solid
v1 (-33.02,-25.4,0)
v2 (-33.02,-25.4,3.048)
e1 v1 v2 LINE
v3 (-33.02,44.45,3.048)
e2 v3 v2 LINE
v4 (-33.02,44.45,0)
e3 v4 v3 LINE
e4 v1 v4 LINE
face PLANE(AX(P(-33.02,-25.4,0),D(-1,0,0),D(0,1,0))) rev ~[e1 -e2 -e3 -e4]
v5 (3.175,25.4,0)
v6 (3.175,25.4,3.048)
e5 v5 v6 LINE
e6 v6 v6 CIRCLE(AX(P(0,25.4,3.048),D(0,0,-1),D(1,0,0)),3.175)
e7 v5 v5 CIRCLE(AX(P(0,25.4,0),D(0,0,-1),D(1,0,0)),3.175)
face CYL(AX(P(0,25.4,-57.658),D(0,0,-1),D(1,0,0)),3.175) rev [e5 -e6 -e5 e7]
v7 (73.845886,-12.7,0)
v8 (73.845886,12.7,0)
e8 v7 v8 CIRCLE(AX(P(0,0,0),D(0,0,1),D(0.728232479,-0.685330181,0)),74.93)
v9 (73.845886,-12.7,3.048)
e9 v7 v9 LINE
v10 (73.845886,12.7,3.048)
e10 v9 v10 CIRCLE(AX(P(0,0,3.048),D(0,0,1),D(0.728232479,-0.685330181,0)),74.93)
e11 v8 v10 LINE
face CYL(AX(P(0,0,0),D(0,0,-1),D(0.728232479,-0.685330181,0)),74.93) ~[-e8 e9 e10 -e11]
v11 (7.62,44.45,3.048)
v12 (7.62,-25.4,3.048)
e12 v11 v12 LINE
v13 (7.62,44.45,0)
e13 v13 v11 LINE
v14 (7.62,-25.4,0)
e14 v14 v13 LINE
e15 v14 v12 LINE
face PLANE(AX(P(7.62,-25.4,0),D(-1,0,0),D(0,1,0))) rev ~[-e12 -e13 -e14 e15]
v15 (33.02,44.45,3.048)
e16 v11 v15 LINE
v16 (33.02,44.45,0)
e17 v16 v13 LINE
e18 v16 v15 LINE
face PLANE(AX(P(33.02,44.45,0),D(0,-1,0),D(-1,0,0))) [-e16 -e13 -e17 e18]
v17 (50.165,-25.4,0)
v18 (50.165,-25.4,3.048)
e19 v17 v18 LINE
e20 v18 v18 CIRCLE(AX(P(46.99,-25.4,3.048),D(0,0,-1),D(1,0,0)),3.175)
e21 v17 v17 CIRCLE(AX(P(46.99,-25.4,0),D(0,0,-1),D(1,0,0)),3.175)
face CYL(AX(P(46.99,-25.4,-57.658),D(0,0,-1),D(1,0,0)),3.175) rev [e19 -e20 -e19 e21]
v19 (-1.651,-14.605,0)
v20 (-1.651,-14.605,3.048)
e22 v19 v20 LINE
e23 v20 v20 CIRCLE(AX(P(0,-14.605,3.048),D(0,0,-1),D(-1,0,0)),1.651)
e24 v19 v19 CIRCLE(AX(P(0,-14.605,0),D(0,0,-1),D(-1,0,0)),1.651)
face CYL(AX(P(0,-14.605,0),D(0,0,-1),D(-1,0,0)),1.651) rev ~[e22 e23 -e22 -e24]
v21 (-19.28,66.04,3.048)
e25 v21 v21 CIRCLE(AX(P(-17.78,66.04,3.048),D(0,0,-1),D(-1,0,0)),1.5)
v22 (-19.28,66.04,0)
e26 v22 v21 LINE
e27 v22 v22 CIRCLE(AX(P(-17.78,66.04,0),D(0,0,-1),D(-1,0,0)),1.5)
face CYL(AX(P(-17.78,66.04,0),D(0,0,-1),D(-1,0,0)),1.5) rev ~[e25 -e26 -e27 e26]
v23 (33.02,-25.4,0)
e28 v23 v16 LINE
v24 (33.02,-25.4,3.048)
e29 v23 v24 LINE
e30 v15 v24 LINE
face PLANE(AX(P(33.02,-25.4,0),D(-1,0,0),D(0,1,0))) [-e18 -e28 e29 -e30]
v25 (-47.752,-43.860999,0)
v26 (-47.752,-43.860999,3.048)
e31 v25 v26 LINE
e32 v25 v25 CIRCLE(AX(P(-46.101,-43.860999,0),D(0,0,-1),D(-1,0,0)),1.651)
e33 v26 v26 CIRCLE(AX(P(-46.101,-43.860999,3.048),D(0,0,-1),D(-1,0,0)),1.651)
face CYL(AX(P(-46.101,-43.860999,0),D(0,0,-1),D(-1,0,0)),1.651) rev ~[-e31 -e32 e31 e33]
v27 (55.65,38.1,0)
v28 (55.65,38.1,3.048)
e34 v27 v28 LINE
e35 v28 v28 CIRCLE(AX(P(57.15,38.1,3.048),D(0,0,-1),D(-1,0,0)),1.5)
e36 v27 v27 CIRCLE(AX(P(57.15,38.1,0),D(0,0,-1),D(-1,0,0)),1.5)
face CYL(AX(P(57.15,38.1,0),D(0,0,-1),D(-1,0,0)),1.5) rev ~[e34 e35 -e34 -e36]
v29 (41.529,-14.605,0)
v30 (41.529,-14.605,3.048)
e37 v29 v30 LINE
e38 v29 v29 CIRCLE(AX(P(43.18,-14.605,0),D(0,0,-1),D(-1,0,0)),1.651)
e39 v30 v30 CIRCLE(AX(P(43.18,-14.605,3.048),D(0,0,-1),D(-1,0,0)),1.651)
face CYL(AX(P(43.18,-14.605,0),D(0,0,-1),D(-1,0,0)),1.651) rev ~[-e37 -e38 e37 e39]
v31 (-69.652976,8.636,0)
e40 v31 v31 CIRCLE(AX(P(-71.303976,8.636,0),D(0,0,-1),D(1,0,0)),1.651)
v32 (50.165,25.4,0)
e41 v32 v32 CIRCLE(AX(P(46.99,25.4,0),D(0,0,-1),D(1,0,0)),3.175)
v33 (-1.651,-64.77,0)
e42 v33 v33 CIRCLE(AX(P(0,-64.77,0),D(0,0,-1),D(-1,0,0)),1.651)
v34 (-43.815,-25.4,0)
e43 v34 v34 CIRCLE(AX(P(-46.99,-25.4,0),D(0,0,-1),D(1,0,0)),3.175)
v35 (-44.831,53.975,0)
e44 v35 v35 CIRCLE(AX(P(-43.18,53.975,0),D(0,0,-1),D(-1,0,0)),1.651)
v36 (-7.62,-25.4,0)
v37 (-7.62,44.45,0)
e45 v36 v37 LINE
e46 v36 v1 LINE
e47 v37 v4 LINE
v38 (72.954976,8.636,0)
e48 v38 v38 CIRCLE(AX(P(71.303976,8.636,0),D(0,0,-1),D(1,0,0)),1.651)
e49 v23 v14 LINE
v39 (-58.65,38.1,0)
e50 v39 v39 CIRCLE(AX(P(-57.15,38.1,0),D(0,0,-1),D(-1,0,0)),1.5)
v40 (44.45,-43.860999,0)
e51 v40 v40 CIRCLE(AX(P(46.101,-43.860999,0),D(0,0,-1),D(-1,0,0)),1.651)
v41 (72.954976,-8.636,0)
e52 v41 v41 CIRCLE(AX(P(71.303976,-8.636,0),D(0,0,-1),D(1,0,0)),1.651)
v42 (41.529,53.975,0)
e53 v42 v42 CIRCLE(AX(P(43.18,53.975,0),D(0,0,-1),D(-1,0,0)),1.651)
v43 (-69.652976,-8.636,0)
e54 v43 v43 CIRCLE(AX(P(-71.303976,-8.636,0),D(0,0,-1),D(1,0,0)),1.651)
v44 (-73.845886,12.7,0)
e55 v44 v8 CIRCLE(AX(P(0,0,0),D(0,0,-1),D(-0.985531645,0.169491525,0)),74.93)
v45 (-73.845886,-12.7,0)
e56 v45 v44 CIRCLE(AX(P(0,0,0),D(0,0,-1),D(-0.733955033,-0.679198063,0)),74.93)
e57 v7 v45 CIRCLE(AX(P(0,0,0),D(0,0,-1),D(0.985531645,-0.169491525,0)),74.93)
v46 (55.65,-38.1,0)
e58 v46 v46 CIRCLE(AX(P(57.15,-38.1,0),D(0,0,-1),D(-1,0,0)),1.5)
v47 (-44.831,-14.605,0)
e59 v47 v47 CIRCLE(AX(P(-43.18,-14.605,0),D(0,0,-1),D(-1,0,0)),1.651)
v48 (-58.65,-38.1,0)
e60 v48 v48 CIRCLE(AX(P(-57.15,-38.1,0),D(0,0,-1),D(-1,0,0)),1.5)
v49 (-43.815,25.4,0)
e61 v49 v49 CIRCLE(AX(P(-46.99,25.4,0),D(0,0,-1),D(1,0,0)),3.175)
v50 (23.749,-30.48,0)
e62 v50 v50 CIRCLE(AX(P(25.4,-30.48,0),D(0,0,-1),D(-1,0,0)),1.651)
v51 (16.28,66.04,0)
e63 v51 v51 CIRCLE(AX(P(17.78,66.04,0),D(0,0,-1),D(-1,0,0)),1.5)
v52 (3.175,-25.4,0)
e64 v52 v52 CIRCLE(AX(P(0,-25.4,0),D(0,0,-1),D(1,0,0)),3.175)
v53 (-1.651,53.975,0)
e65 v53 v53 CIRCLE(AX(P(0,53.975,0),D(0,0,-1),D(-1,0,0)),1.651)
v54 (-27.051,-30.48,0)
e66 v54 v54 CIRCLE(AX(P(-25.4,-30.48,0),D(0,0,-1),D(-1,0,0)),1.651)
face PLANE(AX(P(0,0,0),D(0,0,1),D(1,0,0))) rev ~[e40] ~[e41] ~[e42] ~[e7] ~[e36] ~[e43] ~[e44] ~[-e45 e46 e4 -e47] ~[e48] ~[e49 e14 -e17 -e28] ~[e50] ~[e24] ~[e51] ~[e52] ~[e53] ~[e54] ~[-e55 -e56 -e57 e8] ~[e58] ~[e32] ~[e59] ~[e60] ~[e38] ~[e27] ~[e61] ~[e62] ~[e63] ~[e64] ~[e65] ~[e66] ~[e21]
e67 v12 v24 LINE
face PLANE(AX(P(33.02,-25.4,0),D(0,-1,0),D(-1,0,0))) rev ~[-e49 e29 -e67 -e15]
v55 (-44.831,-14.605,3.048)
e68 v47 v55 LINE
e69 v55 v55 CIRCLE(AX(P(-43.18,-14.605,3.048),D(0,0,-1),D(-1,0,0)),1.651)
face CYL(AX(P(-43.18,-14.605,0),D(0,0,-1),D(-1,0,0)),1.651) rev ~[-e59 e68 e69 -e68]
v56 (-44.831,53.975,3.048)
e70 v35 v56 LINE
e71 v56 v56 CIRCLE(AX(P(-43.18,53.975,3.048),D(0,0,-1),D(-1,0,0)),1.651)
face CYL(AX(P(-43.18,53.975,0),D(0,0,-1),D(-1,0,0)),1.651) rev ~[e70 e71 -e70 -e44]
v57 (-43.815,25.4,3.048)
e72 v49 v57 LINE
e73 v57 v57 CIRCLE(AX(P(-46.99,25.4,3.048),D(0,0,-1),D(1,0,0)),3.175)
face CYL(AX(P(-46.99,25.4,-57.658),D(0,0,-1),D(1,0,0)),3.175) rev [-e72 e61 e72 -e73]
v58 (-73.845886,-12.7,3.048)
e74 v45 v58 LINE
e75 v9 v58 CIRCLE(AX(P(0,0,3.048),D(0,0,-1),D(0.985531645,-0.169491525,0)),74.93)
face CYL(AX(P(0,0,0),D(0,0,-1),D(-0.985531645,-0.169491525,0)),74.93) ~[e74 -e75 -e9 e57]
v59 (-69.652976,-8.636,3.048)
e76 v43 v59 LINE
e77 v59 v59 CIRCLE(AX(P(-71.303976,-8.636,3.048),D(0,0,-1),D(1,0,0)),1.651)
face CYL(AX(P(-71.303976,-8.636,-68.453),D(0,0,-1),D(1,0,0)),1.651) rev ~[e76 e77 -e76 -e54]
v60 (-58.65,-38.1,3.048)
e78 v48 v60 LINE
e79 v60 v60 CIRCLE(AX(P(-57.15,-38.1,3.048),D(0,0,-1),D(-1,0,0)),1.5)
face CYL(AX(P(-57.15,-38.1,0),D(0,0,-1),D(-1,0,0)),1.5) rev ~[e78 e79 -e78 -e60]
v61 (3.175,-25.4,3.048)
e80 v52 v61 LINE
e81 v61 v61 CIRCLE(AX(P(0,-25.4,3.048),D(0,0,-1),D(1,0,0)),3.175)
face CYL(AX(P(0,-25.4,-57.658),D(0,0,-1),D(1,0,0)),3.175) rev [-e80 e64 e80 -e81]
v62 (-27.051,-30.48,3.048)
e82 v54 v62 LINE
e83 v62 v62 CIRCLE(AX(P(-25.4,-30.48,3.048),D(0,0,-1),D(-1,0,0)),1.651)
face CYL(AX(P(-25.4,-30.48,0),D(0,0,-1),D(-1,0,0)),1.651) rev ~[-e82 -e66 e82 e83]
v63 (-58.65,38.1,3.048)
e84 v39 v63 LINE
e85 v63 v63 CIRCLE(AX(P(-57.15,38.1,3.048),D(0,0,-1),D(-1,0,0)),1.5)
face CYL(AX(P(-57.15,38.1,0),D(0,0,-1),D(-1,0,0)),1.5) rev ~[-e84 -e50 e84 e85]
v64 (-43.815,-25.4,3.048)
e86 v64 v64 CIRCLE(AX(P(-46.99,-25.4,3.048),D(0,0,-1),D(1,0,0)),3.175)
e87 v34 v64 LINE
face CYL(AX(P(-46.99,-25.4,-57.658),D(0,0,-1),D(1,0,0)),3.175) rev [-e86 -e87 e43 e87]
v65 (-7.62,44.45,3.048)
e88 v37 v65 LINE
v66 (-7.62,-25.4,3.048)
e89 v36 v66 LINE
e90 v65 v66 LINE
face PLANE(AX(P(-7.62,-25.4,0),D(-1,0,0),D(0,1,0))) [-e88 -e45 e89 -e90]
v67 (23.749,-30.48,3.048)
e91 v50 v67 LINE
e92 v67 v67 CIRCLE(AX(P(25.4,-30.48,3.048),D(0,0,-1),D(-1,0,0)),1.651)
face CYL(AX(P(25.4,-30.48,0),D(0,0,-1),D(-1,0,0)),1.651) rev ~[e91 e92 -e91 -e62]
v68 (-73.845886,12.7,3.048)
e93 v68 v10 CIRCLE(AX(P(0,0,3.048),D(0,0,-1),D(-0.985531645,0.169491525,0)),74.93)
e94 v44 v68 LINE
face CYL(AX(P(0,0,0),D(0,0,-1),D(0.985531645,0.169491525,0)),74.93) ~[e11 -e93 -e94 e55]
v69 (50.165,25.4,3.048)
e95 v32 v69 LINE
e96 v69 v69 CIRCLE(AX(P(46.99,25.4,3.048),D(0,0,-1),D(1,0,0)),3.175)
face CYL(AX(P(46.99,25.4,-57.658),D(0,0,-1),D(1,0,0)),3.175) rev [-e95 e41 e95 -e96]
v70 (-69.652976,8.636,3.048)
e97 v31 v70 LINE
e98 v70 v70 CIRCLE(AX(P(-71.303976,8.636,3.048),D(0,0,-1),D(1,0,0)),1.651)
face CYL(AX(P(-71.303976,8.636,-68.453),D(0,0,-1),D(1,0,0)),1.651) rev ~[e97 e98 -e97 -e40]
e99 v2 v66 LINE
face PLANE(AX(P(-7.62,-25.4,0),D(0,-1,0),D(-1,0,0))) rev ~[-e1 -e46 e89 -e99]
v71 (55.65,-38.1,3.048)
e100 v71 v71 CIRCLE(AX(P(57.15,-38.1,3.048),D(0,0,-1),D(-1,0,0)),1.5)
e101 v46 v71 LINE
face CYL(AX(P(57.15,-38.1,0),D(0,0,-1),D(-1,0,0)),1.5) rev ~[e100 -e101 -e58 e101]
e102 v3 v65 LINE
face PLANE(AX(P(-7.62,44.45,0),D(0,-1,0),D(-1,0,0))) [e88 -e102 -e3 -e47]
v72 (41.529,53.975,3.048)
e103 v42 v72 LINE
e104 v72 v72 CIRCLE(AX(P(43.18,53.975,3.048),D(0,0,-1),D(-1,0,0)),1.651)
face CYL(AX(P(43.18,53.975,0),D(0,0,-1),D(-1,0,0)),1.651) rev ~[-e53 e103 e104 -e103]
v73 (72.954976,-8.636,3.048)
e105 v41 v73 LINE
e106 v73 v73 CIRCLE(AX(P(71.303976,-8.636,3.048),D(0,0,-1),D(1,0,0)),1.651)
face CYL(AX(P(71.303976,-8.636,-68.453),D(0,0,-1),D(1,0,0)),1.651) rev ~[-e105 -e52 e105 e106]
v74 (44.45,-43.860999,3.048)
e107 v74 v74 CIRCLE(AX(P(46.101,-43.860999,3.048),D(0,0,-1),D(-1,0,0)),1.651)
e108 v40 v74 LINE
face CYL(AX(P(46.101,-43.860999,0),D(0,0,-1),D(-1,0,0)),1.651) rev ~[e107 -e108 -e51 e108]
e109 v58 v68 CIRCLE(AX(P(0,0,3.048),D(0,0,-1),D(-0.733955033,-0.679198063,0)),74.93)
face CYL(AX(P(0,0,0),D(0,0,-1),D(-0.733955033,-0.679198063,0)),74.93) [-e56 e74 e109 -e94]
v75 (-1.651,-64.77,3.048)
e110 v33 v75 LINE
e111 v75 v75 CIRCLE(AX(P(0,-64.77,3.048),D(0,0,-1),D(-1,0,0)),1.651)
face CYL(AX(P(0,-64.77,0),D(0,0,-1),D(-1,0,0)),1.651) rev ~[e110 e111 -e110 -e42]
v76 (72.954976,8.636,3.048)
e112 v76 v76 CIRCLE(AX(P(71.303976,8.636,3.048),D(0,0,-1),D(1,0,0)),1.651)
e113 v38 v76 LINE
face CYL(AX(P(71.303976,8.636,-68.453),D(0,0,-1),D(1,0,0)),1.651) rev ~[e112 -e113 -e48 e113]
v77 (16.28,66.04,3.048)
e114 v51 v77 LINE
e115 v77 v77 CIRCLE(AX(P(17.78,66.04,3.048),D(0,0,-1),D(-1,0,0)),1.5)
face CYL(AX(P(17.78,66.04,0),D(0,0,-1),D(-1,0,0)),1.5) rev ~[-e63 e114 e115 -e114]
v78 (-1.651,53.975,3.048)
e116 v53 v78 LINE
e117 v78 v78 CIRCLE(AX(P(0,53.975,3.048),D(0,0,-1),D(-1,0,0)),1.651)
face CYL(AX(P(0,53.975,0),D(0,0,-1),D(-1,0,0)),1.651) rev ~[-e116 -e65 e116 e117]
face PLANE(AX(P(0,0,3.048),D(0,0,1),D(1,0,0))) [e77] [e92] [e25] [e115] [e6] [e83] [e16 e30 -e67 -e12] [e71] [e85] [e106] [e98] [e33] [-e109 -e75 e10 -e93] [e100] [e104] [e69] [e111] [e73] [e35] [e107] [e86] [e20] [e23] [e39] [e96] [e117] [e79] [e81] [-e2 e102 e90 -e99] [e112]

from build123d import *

# Parameters (mm, degrees)
SKETCH1_R                = 1.651
BOSS_EXTRUDE2_DEPTH      = 3.048
SKETCH5_W                = 36.105919561
SKETCH5_H                = 30.801250688
SKETCH5_W_2              = 35.958513686
SKETCH5_H_2              = 33.469345806
BOSS_EXTRUDE4_DEPTH      = 3.048
SKETCH11_R               = 1.651
CUT_EXTRUDE7_DEPTH       = 106.247375758
BOSS_EXTRUDE6_DEPTH      = 3.048
SKETCH14_W               = 25.4
SKETCH14_H               = 69.85
CUT_EXTRUDE9_DEPTH       = 46.482
SKETCH15_R               = 1.651
CUT_EXTRUDE10_DEPTH      = 150.876
SKETCH16_R               = 1.5
CUT_EXTRUDE11_DEPTH      = 107.010848992
SKETCH17_R               = 3.175
CUT_EXTRUDE12_DEPTH      = 103.378
CUT_EXTRUDE12_DEPTH_BACK = 48.768


with BuildPart() as part:
    # Sketch1 → Boss-Extrude2 (new body)
    with BuildSketch(Plane.XY):
        with BuildLine():
            Line((-73.845886141, 12.7), (-56.065886141, 12.7))
            Line((-56.065886141, 12.7), (-56.065886141, -12.7))
            Line((-56.065886141, -12.7), (-73.845886141, -12.7))
            ThreePointArc((-73.845886141, -12.7), (0, -74.93), (73.845886141, -12.7))
            Line((73.845886141, -12.7), (56.065886141, -12.7))
            Line((56.065886141, -12.7), (56.065886141, 12.7))
            Line((56.065886141, 12.7), (73.845886141, 12.7))
            ThreePointArc((73.845886141, 12.7), (0, 74.93), (-73.845886141, 12.7))
        make_face()
        with Locations(Location((-45.466, 11.049, 0), (0, 0, 180))):
            Circle(SKETCH1_R, mode=Mode.SUBTRACT)
        with Locations(Location((-20.067270032, 10.795, 0), (0, 0, 180))):
            Circle(SKETCH1_R, mode=Mode.SUBTRACT)
        with Locations(Location((-20.067270032, -10.795, 0), (0, 0, 180))):
            Circle(SKETCH1_R, mode=Mode.SUBTRACT)
        with Locations(Location((-45.466, -11.049, 0), (0, 0, 180))):
            Circle(SKETCH1_R, mode=Mode.SUBTRACT)
        with Locations(Location((45.466, -11.049, 0), (0, 0, 180))):
            Circle(SKETCH1_R, mode=Mode.SUBTRACT)
        with Locations(Location((20.067270032, -10.795, 0), (0, 0, 180))):
            Circle(SKETCH1_R, mode=Mode.SUBTRACT)
        with Locations(Location((20.067270032, 10.795, 0), (0, 0, 180))):
            Circle(SKETCH1_R, mode=Mode.SUBTRACT)
        with Locations(Location((45.466, 11.049, 0), (0, 0, 180))):
            Circle(SKETCH1_R, mode=Mode.SUBTRACT)
    extrude(amount=BOSS_EXTRUDE2_DEPTH)

    # Sketch5 → Boss-Extrude4 (add)
    with BuildSketch(Plane(origin=(0, 0, 0), x_dir=(-1, 0, 0), z_dir=(0, 0, -1))):
        with Locations((34.78484389, -0.38515144)):
            Rectangle(SKETCH5_W, SKETCH5_H)
        with Locations((-32.830563904, 0.948896119)):
            Rectangle(SKETCH5_W_2, SKETCH5_H_2)
    extrude(amount=-BOSS_EXTRUDE4_DEPTH)

    # Sketch11 → Cut-Extrude7 (cut, through all)
    with BuildSketch(Plane(origin=(0, 0, 0), x_dir=(-1, 0, 0), z_dir=(0, 0, -1))):
        with Locations((43.18, 53.975)):
            Circle(SKETCH11_R)
        with Locations((0, 53.975)):
            Circle(SKETCH11_R)
        with Locations((0, -14.605)):
            Circle(SKETCH11_R)
        with Locations((43.18, -14.605)):
            Circle(SKETCH11_R)
        with Locations((-43.18, 53.975)):
            Circle(SKETCH11_R)
        with Locations((-43.18, -14.605)):
            Circle(SKETCH11_R)
        with Locations((-25.4, -30.48)):
            Circle(SKETCH11_R)
        with Locations((-46.101, -43.8609994)):
            Circle(SKETCH11_R)
        with Locations((46.101, -43.8609994)):
            Circle(SKETCH11_R)
        with Locations((0, -64.77)):
            Circle(SKETCH11_R)
        with Locations((25.4, -30.48)):
            Circle(SKETCH11_R)
    extrude(amount=-CUT_EXTRUDE7_DEPTH, mode=Mode.SUBTRACT)

    # Sketch12 → Boss-Extrude6 (add)
    with BuildSketch(Plane(origin=(0, 0, 0), x_dir=(-1, 0, 0), z_dir=(0, 0, -1))):
        with BuildLine():
            Line((-54.995250635, 50.892310889), (-54.566459663, -51.351790425))
            ThreePointArc((-54.566459663, -51.351790425), (-74.929341077, -0.314238422), (-54.995250635, 50.892310889))
        make_face()
        with BuildLine():
            Line((54.995250635, 50.892310889), (54.995250635, -50.892310889))
            ThreePointArc((54.995250635, -50.892310889), (74.93, 0), (54.995250635, 50.892310889))
        make_face()
    extrude(amount=-BOSS_EXTRUDE6_DEPTH)

    # Sketch14 → Cut-Extrude9 (cut)
    with BuildSketch(Plane(origin=(0, 0, 0), x_dir=(-1, 0, 0), z_dir=(0, 0, -1))):
        with Locations((-20.32, 9.525)):
            Rectangle(SKETCH14_W, SKETCH14_H)
        with Locations((20.32, 9.525)):
            Rectangle(SKETCH14_W, SKETCH14_H)
    extrude(amount=-CUT_EXTRUDE9_DEPTH, mode=Mode.SUBTRACT)

    # Sketch15 → Cut-Extrude10 (cut)
    with BuildSketch(Plane(origin=(-30.092005081, 4.08352975, -68.453), x_dir=(-1, 0, 0), z_dir=(0, 0, -1))):
        with Locations(Location((-101.395980802, -12.71952975, 0), (0, 0, 180))):
            Circle(SKETCH15_R)
        with Locations(Location((-101.395980802, 4.55247025, 0), (0, 0, 180))):
            Circle(SKETCH15_R)
        with Locations(Location((41.211970641, -12.71952975, 0), (0, 0, 180))):
            Circle(SKETCH15_R)
        with Locations(Location((41.211970641, 4.55247025, 0), (0, 0, 180))):
            Circle(SKETCH15_R)
    extrude(amount=-CUT_EXTRUDE10_DEPTH, mode=Mode.SUBTRACT)

    # Sketch16 → Cut-Extrude11 (cut, through all)
    with BuildSketch(Plane(origin=(0, 0, 0), x_dir=(-1, 0, 0), z_dir=(0, 0, -1))):
        with Locations((-17.78, 66.04)):
            Circle(SKETCH16_R)
        with Locations((-57.15, 38.1)):
            Circle(SKETCH16_R)
        with Locations((17.78, 66.04)):
            Circle(SKETCH16_R)
        with Locations((-57.15, -38.1)):
            Circle(SKETCH16_R)
        with Locations((57.15, -38.1)):
            Circle(SKETCH16_R)
        with Locations((57.15, 38.1)):
            Circle(SKETCH16_R)
    extrude(amount=-CUT_EXTRUDE11_DEPTH, mode=Mode.SUBTRACT)

    # Sketch17 → Cut-Extrude12 (cut, two sides)
    with BuildSketch(Plane(origin=(-30.092005081, 4.08352975, -57.658), x_dir=(1, 0, 0), z_dir=(0, 0, 1))) as cut_extrude12_sk:
        with Locations((-16.897994919, 21.31647025)):
            Circle(SKETCH17_R)
        with Locations((77.082005081, 21.31647025)):
            Circle(SKETCH17_R)
        with Locations((30.092005081, 21.31647025)):
            Circle(SKETCH17_R)
        with Locations((77.082005081, -29.48352975)):
            Circle(SKETCH17_R)
        with Locations((30.092005081, -29.48352975)):
            Circle(SKETCH17_R)
        with Locations((-16.897994919, -29.48352975)):
            Circle(SKETCH17_R)
    extrude(amount=CUT_EXTRUDE12_DEPTH, mode=Mode.SUBTRACT)
    extrude(cut_extrude12_sk.sketch, amount=-CUT_EXTRUDE12_DEPTH_BACK, mode=Mode.SUBTRACT)


solid = part.part
